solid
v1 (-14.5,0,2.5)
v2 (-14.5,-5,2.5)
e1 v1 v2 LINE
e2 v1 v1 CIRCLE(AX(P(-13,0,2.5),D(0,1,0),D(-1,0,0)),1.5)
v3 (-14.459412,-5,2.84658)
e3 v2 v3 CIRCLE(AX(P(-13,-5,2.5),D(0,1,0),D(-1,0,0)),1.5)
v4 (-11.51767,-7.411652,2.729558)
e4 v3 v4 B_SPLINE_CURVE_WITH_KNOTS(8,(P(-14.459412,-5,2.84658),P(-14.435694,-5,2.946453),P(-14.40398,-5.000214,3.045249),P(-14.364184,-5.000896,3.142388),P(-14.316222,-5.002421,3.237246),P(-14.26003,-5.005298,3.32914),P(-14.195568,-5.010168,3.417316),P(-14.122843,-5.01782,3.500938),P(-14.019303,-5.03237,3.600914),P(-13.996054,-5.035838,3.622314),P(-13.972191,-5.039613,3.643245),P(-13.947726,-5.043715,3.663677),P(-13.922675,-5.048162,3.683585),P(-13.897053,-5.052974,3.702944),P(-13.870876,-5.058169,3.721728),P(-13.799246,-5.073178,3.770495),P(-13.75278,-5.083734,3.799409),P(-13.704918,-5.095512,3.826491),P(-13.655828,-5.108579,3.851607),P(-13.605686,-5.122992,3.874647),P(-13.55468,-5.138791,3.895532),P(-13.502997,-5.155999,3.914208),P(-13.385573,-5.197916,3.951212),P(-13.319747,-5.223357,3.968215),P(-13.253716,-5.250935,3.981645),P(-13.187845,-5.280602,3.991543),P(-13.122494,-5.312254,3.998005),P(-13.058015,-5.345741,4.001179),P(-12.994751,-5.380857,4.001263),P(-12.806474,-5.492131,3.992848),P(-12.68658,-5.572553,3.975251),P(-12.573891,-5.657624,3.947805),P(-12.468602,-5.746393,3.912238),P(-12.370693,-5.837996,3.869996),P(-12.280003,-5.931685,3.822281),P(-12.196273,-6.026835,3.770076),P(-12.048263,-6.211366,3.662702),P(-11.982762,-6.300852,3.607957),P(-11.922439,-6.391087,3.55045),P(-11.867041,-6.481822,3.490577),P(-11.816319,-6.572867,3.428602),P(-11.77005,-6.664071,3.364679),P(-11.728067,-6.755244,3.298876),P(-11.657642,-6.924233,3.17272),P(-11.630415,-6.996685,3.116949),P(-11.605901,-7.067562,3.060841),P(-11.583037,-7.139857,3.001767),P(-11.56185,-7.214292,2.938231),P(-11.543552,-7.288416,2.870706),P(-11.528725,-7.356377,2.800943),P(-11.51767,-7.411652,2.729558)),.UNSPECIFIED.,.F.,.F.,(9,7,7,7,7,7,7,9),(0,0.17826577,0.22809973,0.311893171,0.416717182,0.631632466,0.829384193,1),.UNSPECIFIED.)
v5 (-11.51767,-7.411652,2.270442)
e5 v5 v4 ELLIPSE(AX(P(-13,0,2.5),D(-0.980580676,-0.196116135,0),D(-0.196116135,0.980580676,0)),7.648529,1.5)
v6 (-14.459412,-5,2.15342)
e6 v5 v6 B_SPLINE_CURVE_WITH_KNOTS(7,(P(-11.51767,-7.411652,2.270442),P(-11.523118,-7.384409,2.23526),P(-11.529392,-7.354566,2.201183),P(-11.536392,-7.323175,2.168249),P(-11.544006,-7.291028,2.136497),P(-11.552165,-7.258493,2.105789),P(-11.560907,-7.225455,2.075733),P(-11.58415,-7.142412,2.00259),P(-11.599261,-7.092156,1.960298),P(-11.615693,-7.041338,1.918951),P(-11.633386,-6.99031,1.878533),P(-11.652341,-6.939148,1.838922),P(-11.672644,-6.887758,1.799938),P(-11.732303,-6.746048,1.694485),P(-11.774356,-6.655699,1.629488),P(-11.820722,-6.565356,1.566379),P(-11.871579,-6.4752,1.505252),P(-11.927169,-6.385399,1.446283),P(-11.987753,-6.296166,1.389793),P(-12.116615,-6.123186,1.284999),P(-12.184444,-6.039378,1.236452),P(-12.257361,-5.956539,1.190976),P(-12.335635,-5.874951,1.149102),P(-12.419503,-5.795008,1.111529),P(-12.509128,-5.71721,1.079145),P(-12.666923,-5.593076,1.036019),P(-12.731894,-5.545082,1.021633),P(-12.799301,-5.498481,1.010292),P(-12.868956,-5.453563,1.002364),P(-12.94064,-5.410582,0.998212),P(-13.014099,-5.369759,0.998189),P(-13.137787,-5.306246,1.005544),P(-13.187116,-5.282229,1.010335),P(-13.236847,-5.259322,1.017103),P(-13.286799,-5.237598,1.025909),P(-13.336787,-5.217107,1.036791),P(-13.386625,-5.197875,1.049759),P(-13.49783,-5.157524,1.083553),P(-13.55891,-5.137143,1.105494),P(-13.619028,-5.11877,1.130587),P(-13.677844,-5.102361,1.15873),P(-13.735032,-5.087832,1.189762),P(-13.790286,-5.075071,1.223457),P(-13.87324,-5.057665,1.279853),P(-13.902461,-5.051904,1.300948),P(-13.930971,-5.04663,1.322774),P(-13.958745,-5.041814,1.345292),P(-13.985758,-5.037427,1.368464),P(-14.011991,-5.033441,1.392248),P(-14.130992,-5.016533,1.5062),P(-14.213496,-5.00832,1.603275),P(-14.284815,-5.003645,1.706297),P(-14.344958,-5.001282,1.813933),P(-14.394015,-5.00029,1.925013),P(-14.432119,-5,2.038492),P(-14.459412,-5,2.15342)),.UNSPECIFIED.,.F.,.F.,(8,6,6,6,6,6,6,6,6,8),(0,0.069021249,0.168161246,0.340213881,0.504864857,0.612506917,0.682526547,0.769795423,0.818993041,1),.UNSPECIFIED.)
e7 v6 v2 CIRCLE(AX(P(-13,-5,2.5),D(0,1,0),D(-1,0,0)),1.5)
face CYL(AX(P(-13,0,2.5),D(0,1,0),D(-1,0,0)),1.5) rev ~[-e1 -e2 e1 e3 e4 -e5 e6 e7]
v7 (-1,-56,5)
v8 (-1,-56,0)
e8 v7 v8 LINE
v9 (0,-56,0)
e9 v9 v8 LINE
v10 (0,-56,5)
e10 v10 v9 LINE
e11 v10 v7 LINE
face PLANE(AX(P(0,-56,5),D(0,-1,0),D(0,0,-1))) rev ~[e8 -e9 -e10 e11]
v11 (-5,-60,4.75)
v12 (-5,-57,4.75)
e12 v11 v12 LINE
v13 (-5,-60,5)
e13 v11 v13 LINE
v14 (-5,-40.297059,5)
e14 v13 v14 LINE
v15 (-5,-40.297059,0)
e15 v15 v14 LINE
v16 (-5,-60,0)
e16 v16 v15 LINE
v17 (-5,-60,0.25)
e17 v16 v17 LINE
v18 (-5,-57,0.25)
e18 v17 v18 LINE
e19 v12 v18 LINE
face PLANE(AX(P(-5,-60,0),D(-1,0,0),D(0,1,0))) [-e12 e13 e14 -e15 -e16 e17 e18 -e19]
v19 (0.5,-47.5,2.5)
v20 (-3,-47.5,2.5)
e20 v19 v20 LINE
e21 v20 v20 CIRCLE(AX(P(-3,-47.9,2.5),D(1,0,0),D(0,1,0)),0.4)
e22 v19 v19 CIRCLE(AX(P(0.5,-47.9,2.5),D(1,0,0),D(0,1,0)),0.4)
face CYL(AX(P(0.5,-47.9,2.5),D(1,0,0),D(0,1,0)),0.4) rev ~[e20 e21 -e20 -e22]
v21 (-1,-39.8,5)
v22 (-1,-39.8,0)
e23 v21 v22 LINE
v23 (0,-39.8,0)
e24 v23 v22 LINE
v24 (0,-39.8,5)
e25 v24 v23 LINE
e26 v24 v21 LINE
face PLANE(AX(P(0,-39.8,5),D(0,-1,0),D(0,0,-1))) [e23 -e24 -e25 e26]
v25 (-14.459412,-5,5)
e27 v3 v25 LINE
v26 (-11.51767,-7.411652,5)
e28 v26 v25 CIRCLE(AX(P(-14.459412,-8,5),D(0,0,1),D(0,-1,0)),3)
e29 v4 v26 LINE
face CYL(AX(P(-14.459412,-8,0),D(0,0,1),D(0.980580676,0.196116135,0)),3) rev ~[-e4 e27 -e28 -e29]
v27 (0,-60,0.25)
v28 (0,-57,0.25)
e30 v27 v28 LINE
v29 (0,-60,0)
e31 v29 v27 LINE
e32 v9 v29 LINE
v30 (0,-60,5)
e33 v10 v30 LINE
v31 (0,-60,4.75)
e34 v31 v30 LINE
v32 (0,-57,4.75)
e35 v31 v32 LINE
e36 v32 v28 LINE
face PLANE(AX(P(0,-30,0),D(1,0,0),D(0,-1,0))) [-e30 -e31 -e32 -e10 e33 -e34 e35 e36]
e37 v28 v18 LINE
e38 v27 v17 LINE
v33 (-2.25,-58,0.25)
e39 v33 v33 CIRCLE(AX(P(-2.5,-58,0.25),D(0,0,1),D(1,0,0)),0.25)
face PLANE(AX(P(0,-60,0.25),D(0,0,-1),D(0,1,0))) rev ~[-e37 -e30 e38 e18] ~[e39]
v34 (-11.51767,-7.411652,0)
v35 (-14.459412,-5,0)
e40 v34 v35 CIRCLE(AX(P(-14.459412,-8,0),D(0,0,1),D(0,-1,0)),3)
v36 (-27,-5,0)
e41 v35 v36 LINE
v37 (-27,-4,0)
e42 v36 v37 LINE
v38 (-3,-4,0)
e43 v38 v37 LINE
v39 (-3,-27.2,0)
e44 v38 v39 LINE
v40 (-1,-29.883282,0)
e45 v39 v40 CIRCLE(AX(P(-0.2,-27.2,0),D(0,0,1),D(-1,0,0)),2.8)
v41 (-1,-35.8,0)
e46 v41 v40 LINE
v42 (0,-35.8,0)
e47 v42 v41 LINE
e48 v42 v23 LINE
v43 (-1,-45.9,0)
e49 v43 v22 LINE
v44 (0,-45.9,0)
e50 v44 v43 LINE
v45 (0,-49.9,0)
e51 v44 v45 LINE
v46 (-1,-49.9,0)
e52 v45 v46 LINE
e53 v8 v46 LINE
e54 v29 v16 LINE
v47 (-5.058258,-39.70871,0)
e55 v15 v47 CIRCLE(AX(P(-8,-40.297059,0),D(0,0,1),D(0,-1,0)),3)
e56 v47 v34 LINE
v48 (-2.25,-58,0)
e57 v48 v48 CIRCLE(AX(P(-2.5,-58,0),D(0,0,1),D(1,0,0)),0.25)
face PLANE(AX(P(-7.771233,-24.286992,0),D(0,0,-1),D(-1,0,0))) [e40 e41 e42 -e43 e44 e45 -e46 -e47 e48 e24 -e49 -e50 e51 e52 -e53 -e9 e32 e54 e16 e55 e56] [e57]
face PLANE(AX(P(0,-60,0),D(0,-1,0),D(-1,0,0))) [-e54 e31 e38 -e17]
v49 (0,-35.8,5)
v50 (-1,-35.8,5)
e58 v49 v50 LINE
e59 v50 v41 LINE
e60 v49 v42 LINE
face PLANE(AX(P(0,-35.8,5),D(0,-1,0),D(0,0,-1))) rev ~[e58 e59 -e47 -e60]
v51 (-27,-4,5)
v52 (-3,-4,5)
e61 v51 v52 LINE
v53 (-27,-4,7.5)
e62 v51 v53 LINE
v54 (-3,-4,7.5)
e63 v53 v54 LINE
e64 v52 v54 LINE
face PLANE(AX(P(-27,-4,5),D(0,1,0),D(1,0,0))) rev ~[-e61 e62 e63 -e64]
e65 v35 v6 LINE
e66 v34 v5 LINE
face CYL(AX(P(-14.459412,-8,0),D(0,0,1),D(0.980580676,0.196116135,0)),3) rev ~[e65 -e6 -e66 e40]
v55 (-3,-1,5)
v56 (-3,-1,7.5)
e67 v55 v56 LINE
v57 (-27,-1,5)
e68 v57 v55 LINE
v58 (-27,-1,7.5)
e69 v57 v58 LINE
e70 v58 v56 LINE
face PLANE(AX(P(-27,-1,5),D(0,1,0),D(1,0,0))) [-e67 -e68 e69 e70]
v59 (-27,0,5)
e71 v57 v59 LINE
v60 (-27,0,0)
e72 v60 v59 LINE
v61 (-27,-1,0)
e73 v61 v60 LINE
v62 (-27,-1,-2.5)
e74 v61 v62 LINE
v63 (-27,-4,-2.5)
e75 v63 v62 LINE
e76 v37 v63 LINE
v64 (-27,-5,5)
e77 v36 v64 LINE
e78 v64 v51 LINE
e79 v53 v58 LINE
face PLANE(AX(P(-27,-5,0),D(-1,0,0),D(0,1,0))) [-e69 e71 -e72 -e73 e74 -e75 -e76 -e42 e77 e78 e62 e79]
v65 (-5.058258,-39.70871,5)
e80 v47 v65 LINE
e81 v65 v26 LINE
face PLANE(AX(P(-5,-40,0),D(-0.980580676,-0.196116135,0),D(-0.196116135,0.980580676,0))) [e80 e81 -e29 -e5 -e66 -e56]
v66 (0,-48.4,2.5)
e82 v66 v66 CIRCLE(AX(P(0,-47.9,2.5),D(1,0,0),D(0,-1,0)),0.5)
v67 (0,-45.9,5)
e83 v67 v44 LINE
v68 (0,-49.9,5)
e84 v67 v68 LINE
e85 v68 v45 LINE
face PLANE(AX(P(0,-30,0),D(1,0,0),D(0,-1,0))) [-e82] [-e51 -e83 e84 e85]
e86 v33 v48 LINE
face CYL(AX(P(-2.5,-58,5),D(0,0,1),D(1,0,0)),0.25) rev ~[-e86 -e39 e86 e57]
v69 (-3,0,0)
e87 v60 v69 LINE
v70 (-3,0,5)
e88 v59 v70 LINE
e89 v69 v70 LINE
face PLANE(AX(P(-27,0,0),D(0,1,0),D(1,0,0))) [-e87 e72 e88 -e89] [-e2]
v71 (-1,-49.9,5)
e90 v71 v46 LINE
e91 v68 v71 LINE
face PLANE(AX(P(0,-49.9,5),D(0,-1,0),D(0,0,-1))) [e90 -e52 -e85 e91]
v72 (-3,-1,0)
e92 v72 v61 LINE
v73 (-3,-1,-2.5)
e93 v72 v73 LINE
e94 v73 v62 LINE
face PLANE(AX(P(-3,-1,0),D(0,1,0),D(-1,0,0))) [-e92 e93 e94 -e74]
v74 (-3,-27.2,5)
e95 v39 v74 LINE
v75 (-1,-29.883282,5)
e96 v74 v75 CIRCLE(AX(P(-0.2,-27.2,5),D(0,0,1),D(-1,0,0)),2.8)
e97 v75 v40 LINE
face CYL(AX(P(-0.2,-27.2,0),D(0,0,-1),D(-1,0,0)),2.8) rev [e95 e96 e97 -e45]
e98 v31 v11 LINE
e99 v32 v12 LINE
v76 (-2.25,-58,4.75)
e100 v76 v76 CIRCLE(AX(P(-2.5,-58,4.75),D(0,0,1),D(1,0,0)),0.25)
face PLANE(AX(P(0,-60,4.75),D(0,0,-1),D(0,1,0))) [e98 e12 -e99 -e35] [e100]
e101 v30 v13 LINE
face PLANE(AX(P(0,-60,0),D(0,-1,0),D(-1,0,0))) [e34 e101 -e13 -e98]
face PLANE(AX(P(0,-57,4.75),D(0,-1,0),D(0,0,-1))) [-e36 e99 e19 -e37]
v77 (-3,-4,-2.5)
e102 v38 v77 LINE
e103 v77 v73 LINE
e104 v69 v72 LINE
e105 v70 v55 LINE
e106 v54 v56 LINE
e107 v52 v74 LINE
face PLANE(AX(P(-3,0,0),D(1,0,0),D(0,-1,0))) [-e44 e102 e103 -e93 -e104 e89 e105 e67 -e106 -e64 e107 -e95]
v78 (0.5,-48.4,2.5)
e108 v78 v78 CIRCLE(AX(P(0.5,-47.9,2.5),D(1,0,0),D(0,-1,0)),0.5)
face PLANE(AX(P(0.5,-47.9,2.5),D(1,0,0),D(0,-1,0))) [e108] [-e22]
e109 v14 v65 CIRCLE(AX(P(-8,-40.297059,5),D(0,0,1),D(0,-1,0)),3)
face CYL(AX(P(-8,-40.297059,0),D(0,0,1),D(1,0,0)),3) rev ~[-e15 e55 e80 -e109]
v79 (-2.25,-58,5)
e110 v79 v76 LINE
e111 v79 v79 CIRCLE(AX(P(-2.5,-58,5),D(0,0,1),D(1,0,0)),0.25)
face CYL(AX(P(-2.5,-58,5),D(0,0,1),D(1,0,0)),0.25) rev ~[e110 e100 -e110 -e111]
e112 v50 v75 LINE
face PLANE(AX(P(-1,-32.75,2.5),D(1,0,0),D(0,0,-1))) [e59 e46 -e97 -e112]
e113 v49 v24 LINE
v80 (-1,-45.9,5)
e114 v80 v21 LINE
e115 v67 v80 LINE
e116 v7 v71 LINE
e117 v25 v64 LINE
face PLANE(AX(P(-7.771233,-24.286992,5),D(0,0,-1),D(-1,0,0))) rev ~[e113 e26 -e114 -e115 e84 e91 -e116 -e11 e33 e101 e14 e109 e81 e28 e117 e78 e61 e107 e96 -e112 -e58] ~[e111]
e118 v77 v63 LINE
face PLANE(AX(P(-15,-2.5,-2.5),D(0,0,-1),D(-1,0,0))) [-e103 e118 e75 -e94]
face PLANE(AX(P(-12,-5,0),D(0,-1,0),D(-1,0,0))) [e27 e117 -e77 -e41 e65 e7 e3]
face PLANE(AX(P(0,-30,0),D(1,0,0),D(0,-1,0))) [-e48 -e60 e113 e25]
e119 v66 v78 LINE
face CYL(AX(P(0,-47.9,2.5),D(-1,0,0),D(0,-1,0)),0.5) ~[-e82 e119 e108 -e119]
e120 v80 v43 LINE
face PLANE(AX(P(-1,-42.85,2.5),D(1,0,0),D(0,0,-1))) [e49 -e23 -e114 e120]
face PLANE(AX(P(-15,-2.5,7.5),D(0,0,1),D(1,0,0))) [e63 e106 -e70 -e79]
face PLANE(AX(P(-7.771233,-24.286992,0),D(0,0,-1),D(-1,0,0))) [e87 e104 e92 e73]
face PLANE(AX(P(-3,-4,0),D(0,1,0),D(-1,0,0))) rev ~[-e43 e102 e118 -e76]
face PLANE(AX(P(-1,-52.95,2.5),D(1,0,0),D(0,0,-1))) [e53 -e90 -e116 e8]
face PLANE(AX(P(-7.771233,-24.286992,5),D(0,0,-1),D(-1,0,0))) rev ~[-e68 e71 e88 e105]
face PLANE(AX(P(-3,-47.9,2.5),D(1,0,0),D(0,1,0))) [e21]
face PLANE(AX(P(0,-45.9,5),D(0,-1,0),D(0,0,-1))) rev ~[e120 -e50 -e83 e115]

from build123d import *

# Parameters (mm, degrees)
BOSS_EXTRUDE1_DEPTH = 5
FILLET1_R           = 3
SKETCH2_W           = 24
SKETCH2_H           = 3
BOSS_EXTRUDE2_DEPTH = 2.5
SKETCH3_W           = 24
SKETCH3_H           = 3
BOSS_EXTRUDE3_DEPTH = 2.5
SKETCH4_W           = 5
SKETCH4_H           = 6.1
CUT_EXTRUDE1_DEPTH  = 1
SKETCH5_R           = 1.5
CUT_EXTRUDE2_DEPTH  = 14
SKETCH7_R           = 0.25
CUT_EXTRUDE3_DEPTH  = 10
SKETCH8_W           = 4.5
SKETCH8_H           = 3
CUT_EXTRUDE4_DEPTH  = 5
SKETCH12_R          = 0.5
BOSS_EXTRUDE4_DEPTH = 0.5
SKETCH13_R          = 0.4
CUT_EXTRUDE5_DEPTH  = 3.5


with BuildPart() as part:
    # Sketch1 → Boss-Extrude1 (new body)
    with BuildSketch(Plane.XY):
        with BuildLine():
            Line((0, -60), (-5, -60))
            Line((-5, -60), (-5, -40))
            Line((-5, -40), (-12, -5))
            Line((-12, -5), (-27, -5))
            Line((-27, -5), (-27, 0))
            Line((-27, 0), (-3, 0))
            Line((-3, 0), (-3, -27.2))
            ThreePointArc((-3, -27.2), (-2.179898987, -29.179898987), (-0.2, -30))
            Line((-0.2, -30), (0, -30))
            Line((0, -30), (0, -60))
        make_face()
    extrude(amount=BOSS_EXTRUDE1_DEPTH)

    # Fillet1
    fillet1_edges = [part.edges().sort_by_distance(p)[0] for p in [
        (-5, -40, 2.5),
        (-12, -5, 2.5),
    ]]
    fillet(fillet1_edges, radius=FILLET1_R)

    # Sketch2 → Boss-Extrude2 (add)
    with BuildSketch(Plane.XY.offset(5)):
        with Locations((-15, -2.5)):
            Rectangle(SKETCH2_W, SKETCH2_H)
    extrude(amount=BOSS_EXTRUDE2_DEPTH)

    # Sketch3 → Boss-Extrude3 (add)
    with BuildSketch(Plane(origin=(0, 0, 0), x_dir=(-1, 0, 0), z_dir=(0, 0, -1))):
        with Locations((15, -2.5)):
            Rectangle(SKETCH3_W, SKETCH3_H)
    extrude(amount=BOSS_EXTRUDE3_DEPTH)

    # Sketch4 → Cut-Extrude1 (cut)
    with BuildSketch(Plane(origin=(0, 0, 0), x_dir=(0, 0, -1), z_dir=(1, 0, 0))):
        with Locations((-2.5, -52.95)):
            Rectangle(SKETCH4_W, SKETCH4_H)
        with Locations((-2.5, -42.85)):
            Rectangle(SKETCH4_W, SKETCH4_H)
        with Locations((-2.5, -32.75)):
            Rectangle(SKETCH4_W, SKETCH4_H)
        with Locations((-2.5, -22.65)):
            Rectangle(SKETCH4_W, SKETCH4_H)
        with Locations((-2.5, -12.55)):
            Rectangle(SKETCH4_W, SKETCH4_H)
        with Locations((-2.5, -2.45)):
            Rectangle(SKETCH4_W, SKETCH4_H)
    extrude(amount=-CUT_EXTRUDE1_DEPTH, mode=Mode.SUBTRACT)

    # Sketch5 → Cut-Extrude2 (cut)
    with BuildSketch(Plane(origin=(0, 0, 0), x_dir=(1, 0, 0), z_dir=(0, 1, 0))):
        with Locations(Location((-13, -2.5, 0), (0, 0, 180))):
            Circle(SKETCH5_R)
    extrude(amount=-CUT_EXTRUDE2_DEPTH, mode=Mode.SUBTRACT)

    # Sketch7 → Cut-Extrude3 (cut)
    with BuildSketch(Plane.XY.offset(5)):
        with Locations((-2.5, -58)):
            Circle(SKETCH7_R)
    extrude(amount=-CUT_EXTRUDE3_DEPTH, mode=Mode.SUBTRACT)

    # Sketch8 → Cut-Extrude4 (cut)
    with BuildSketch(Plane(origin=(0, 0, 0), x_dir=(0, 0, -1), z_dir=(1, 0, 0))):
        with Locations((-2.5, -58.5)):
            Rectangle(SKETCH8_W, SKETCH8_H)
    extrude(amount=-CUT_EXTRUDE4_DEPTH, mode=Mode.SUBTRACT)

    # Sketch12 → Boss-Extrude4 (add)
    with BuildSketch(Plane(origin=(0, 0, 0), x_dir=(0, 0, -1), z_dir=(1, 0, 0))):
        with Locations(Location((-2.5, -47.9, 0), (0, 0, 270))):
            Circle(SKETCH12_R)
    extrude(amount=BOSS_EXTRUDE4_DEPTH)

    # Sketch13 → Cut-Extrude5 (cut)
    with BuildSketch(Plane(origin=(0.5, 0, 0), x_dir=(0, 0, -1), z_dir=(1, 0, 0))):
        with Locations(Location((-2.5, -47.9, 0), (0, 0, 90))):
            Circle(SKETCH13_R)
    extrude(amount=-CUT_EXTRUDE5_DEPTH, mode=Mode.SUBTRACT)


solid = part.part
